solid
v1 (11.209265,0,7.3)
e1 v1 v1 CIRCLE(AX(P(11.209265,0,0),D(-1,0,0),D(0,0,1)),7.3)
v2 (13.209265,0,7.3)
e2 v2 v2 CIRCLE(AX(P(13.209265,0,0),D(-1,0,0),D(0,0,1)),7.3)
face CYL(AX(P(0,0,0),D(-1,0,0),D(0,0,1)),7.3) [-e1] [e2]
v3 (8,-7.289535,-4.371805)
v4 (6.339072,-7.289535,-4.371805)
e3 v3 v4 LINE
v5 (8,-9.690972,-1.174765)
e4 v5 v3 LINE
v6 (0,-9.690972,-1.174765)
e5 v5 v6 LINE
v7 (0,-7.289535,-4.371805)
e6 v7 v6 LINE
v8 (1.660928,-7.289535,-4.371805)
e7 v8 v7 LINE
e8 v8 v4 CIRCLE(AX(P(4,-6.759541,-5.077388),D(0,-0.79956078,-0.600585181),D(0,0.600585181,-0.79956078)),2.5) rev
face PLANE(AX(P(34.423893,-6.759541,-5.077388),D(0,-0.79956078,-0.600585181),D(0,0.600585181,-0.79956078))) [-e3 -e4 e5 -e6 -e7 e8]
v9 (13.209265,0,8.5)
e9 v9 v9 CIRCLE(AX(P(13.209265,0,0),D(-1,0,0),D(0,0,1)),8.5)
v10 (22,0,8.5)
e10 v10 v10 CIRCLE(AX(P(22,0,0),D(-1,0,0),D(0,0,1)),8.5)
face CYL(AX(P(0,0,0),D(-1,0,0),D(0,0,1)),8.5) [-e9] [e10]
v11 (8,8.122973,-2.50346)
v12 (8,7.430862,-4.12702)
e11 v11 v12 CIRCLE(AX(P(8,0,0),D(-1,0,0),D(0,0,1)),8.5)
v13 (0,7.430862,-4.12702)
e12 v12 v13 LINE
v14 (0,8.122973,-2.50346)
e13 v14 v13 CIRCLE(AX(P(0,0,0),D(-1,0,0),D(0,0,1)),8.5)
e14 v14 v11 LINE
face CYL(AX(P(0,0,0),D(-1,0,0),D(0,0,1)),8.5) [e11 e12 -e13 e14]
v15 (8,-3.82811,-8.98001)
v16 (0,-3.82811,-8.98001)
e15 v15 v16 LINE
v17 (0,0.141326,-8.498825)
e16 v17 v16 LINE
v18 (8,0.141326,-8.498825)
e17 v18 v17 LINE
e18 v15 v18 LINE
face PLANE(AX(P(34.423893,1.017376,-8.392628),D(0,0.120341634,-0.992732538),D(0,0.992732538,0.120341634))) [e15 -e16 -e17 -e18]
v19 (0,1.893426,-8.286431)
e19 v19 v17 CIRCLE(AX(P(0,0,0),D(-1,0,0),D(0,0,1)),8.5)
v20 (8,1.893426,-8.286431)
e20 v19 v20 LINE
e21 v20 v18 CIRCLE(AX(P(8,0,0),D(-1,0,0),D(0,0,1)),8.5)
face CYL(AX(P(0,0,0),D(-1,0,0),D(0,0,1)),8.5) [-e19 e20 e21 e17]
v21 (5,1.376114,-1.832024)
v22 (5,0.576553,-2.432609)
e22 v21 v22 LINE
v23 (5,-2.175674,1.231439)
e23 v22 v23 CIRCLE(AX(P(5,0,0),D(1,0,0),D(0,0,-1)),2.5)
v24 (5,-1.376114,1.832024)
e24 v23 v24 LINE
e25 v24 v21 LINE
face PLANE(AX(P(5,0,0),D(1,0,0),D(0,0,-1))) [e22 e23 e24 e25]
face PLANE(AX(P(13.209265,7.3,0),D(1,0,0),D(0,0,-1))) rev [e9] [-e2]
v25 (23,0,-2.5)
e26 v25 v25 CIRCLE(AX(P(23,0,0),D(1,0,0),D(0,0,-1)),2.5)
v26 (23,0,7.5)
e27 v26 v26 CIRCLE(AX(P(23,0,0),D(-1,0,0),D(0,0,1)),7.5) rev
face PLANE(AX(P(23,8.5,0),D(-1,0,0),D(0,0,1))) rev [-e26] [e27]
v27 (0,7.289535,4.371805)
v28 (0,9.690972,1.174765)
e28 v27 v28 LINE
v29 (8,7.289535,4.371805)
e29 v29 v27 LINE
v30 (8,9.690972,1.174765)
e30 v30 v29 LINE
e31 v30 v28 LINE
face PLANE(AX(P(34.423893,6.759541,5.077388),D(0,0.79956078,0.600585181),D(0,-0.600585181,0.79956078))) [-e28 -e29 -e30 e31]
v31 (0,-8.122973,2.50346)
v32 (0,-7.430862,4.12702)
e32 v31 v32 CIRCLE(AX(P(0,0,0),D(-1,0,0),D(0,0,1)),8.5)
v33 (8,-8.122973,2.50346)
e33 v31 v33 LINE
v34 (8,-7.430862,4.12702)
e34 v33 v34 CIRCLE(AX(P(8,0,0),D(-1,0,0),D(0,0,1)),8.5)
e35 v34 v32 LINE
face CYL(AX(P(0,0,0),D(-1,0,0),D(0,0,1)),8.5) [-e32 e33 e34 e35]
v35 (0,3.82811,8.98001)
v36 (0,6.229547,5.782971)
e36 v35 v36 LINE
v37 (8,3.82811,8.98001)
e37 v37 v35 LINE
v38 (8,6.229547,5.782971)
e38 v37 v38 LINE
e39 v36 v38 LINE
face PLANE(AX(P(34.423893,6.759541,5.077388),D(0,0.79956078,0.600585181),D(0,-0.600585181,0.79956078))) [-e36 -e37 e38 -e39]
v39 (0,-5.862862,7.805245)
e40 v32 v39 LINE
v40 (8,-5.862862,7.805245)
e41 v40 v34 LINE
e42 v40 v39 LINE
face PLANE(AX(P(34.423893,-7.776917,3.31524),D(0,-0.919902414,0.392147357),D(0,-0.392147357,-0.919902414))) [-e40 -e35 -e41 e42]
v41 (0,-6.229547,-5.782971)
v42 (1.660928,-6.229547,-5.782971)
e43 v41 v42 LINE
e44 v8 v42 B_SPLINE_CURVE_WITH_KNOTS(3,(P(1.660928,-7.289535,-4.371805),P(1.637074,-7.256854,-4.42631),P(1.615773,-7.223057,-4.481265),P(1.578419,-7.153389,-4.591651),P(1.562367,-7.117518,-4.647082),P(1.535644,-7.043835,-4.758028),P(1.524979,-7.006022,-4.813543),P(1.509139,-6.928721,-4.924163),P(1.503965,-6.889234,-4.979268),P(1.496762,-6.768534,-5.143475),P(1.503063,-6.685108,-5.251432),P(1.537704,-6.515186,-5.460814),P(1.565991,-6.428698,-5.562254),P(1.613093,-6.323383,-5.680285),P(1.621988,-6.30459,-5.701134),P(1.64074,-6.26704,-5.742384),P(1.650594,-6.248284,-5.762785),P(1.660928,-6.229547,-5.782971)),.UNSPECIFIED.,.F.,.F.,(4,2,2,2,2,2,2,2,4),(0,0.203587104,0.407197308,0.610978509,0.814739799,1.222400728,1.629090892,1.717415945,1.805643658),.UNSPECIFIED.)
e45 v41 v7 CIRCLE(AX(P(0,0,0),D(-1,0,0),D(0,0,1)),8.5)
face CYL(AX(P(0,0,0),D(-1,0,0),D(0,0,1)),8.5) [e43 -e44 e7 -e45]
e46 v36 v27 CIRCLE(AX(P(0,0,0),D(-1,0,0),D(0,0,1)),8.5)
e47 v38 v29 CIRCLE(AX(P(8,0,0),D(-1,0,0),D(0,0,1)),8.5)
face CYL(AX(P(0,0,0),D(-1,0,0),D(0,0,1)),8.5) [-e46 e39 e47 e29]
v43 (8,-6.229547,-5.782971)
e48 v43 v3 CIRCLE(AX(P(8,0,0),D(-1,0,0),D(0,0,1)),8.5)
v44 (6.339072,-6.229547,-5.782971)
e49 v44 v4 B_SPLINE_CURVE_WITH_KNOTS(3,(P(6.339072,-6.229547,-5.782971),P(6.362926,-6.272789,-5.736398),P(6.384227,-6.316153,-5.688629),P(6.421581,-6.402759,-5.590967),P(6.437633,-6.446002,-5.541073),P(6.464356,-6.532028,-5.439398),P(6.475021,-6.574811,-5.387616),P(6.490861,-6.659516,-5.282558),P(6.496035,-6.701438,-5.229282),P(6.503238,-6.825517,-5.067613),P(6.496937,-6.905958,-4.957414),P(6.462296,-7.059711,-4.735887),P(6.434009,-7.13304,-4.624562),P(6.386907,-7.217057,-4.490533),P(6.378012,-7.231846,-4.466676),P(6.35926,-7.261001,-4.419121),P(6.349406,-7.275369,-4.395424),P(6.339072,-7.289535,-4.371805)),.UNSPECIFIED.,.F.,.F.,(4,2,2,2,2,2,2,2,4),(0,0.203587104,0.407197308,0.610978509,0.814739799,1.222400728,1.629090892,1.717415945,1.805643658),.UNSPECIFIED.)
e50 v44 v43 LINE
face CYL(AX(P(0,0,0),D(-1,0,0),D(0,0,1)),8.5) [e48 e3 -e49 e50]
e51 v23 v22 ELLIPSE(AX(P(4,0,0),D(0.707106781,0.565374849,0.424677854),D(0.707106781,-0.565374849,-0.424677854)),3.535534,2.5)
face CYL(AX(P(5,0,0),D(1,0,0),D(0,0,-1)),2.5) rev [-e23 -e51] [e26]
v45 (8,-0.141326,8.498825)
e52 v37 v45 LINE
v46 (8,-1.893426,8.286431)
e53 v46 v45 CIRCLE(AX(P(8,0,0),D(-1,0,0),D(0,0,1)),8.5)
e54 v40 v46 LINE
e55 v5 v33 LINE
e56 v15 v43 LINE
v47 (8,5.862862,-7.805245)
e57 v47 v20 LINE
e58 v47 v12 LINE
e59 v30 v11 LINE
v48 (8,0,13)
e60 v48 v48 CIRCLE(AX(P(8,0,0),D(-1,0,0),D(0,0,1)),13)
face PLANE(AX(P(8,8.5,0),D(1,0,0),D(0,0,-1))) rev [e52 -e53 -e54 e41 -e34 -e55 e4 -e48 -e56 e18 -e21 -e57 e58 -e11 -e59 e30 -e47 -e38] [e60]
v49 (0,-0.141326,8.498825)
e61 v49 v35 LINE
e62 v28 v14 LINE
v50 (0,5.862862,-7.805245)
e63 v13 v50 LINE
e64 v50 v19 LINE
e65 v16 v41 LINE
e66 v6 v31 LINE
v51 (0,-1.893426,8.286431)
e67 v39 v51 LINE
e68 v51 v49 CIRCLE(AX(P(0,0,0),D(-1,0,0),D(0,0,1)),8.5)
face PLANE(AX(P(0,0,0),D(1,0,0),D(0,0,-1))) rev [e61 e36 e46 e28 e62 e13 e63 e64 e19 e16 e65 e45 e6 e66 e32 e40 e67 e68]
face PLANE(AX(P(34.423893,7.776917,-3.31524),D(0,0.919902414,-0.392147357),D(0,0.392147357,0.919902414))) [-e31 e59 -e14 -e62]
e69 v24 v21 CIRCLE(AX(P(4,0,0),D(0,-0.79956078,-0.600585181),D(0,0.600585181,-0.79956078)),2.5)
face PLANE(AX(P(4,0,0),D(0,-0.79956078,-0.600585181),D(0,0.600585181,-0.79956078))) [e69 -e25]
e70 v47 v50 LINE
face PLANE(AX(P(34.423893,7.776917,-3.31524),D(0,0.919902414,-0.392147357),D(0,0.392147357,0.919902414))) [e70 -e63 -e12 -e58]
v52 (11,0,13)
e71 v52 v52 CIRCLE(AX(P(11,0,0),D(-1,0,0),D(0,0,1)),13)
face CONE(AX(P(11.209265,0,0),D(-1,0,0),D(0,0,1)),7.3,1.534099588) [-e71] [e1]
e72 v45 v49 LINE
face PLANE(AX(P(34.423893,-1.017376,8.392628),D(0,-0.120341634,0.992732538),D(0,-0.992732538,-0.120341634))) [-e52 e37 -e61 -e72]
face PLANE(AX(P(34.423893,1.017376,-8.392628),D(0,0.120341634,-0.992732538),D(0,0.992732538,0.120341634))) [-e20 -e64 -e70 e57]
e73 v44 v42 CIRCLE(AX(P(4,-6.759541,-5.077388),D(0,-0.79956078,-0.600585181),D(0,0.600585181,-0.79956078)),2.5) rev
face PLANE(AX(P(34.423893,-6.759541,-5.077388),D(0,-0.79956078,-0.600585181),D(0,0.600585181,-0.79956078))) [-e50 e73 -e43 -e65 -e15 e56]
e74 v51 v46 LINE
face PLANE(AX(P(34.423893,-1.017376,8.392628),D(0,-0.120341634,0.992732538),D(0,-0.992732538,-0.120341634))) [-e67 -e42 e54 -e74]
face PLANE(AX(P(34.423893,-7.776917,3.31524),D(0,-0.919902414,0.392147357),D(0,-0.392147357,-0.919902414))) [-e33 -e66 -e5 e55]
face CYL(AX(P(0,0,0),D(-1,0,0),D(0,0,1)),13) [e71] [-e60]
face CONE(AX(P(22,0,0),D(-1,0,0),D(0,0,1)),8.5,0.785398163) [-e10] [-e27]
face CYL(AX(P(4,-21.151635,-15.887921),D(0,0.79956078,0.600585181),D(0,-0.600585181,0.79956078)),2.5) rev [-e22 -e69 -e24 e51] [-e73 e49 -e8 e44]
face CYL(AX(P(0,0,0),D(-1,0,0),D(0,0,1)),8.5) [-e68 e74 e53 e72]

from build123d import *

# Parameters (mm, degrees)
EXTRUDE_START            = -8
SKETCH_2_R               = 8.5
EXTRUDE_1_DEPTH          = 8
CHAMFER_1_SIZE           = 1
SKETCH_3_R               = 2.5
CUT_EXTRUDE_1_DEPTH      = 18
CUT_EXTRUDE_2_DEPTH      = 18
CUT_EXTRUDE_2_DEPTH_BACK = 8.454068
SKETCH_4_R               = 2.5


with BuildPart() as part:
    # Sketch 1 → 旋转1 (revolve)
    with BuildSketch(Plane.XY, mode=Mode.PRIVATE) as revolve_1_sk:
        Polygon((0, 0), (0, 8.5), (8, 8.5), (8, 13), (11, 13), (11.209265355, 7.3), (13.209265355, 7.3), (13.209265355, 8.5), (23, 8.5), (23, 0), align=None)
    revolve(revolve_1_sk.sketch.rotate(Axis((0, 0, 0), (1, 0, 0)), 90), axis=Axis((0, 0, 0), (1, 0, 0)))

    # 草图2 → 凸台-拉伸1 (add)
    # profile 1 of 7: a face of its own
    with BuildSketch(Plane.ZY.offset(EXTRUDE_START)):
        Polygon((-1.174764966, -9.690972033), (7.805245485, -5.86286232), (8.980010451, 3.828109713), (1.174764966, 9.690972033), (-7.805245485, 5.86286232), (-8.980010451, -3.828109713), align=None)
        Circle(SKETCH_2_R, mode=Mode.SUBTRACT)
    # profile 2 of 7: a face of its own
    with BuildSketch(Plane.ZY.offset(EXTRUDE_START)):
        with BuildLine():
            Line((-7.805245485, 5.86286232), (-8.286430908, 1.893426207))
            ThreePointArc((-8.286430908, 1.893426207), (-6.796266629, 5.104974035), (-4.12702026, 7.430861577))
            Line((-4.12702026, 7.430861577), (-7.805245485, 5.86286232))
        make_face()
    # profile 3 of 7: a face of its own
    with BuildSketch(Plane.ZY.offset(EXTRUDE_START)):
        with BuildLine():
            ThreePointArc((-2.503460259, 8.122972777), (1.022903886, 8.43822657), (4.371804767, 7.289535176))
            Line((4.371804767, 7.289535176), (1.174764966, 9.690972033))
            Line((1.174764966, 9.690972033), (-2.503460259, 8.122972777))
        make_face()
    # profile 4 of 7: a face of its own
    with BuildSketch(Plane.ZY.offset(EXTRUDE_START)):
        with BuildLine():
            ThreePointArc((8.5, 0), (8.499706252, -0.070665642), (8.498825028, -0.141326401))
            Line((8.498825028, -0.141326401), (8.980010451, 3.828109713))
            Line((8.980010451, 3.828109713), (5.78297065, 6.22954657))
            ThreePointArc((5.78297065, 6.22954657), (7.79118895, 3.398142837), (8.5, 0))
        make_face()
    # profile 5 of 7: a face of its own
    with BuildSketch(Plane.ZY.offset(EXTRUDE_START)):
        with BuildLine():
            Line((4.12702026, -7.430861577), (7.805245485, -5.86286232))
            Line((7.805245485, -5.86286232), (8.286430908, -1.893426207))
            ThreePointArc((8.286430908, -1.893426207), (6.796266629, -5.104974035), (4.12702026, -7.430861577))
        make_face()
    # profile 6 of 7: a face of its own
    with BuildSketch(Plane.ZY.offset(EXTRUDE_START)):
        with BuildLine():
            Line((-1.174764966, -9.690972033), (2.503460259, -8.122972777))
            ThreePointArc((2.503460259, -8.122972777), (-1.022903886, -8.43822657), (-4.371804767, -7.289535176))
            Line((-4.371804767, -7.289535176), (-1.174764966, -9.690972033))
        make_face()
    # profile 7 of 7: a face of its own
    with BuildSketch(Plane.ZY.offset(EXTRUDE_START)):
        with BuildLine():
            Line((-8.980010451, -3.828109713), (-5.78297065, -6.22954657))
            ThreePointArc((-5.78297065, -6.22954657), (-7.819170515, -3.333252534), (-8.498825028, 0.141326401))
            Line((-8.498825028, 0.141326401), (-8.980010451, -3.828109713))
        make_face()
    extrude(amount=EXTRUDE_1_DEPTH)

    # 倒角1
    chamfer_1_edges = [part.edges().sort_by_distance(p)[0] for p in [
        (23, 0, -8.5),
    ]]
    chamfer(chamfer_1_edges, length=CHAMFER_1_SIZE)

    # 草图3 → 切除-拉伸1 (cut)
    with BuildSketch(Plane(origin=(23, 0, 0), x_dir=(0, 0, -1), z_dir=(1, 0, 0))):
        Circle(SKETCH_3_R)
    extrude(amount=-CUT_EXTRUDE_1_DEPTH, mode=Mode.SUBTRACT)

    # 草图4 → 切除-拉伸2 (cut, two sides: drawn at the far end of the back side and taken through both)
    with BuildSketch(Plane(origin=(0, -6.759540873, -5.077387708), x_dir=(1, 0, 0), z_dir=(0, -0.7995607799259467, -0.6005851806398588)).offset(-CUT_EXTRUDE_2_DEPTH_BACK)):
        with Locations(Location((4, 0, 0), (0, 0, 66.421821522))):
            Circle(SKETCH_4_R)
    extrude(amount=CUT_EXTRUDE_2_DEPTH + CUT_EXTRUDE_2_DEPTH_BACK, mode=Mode.SUBTRACT)


solid = part.part
